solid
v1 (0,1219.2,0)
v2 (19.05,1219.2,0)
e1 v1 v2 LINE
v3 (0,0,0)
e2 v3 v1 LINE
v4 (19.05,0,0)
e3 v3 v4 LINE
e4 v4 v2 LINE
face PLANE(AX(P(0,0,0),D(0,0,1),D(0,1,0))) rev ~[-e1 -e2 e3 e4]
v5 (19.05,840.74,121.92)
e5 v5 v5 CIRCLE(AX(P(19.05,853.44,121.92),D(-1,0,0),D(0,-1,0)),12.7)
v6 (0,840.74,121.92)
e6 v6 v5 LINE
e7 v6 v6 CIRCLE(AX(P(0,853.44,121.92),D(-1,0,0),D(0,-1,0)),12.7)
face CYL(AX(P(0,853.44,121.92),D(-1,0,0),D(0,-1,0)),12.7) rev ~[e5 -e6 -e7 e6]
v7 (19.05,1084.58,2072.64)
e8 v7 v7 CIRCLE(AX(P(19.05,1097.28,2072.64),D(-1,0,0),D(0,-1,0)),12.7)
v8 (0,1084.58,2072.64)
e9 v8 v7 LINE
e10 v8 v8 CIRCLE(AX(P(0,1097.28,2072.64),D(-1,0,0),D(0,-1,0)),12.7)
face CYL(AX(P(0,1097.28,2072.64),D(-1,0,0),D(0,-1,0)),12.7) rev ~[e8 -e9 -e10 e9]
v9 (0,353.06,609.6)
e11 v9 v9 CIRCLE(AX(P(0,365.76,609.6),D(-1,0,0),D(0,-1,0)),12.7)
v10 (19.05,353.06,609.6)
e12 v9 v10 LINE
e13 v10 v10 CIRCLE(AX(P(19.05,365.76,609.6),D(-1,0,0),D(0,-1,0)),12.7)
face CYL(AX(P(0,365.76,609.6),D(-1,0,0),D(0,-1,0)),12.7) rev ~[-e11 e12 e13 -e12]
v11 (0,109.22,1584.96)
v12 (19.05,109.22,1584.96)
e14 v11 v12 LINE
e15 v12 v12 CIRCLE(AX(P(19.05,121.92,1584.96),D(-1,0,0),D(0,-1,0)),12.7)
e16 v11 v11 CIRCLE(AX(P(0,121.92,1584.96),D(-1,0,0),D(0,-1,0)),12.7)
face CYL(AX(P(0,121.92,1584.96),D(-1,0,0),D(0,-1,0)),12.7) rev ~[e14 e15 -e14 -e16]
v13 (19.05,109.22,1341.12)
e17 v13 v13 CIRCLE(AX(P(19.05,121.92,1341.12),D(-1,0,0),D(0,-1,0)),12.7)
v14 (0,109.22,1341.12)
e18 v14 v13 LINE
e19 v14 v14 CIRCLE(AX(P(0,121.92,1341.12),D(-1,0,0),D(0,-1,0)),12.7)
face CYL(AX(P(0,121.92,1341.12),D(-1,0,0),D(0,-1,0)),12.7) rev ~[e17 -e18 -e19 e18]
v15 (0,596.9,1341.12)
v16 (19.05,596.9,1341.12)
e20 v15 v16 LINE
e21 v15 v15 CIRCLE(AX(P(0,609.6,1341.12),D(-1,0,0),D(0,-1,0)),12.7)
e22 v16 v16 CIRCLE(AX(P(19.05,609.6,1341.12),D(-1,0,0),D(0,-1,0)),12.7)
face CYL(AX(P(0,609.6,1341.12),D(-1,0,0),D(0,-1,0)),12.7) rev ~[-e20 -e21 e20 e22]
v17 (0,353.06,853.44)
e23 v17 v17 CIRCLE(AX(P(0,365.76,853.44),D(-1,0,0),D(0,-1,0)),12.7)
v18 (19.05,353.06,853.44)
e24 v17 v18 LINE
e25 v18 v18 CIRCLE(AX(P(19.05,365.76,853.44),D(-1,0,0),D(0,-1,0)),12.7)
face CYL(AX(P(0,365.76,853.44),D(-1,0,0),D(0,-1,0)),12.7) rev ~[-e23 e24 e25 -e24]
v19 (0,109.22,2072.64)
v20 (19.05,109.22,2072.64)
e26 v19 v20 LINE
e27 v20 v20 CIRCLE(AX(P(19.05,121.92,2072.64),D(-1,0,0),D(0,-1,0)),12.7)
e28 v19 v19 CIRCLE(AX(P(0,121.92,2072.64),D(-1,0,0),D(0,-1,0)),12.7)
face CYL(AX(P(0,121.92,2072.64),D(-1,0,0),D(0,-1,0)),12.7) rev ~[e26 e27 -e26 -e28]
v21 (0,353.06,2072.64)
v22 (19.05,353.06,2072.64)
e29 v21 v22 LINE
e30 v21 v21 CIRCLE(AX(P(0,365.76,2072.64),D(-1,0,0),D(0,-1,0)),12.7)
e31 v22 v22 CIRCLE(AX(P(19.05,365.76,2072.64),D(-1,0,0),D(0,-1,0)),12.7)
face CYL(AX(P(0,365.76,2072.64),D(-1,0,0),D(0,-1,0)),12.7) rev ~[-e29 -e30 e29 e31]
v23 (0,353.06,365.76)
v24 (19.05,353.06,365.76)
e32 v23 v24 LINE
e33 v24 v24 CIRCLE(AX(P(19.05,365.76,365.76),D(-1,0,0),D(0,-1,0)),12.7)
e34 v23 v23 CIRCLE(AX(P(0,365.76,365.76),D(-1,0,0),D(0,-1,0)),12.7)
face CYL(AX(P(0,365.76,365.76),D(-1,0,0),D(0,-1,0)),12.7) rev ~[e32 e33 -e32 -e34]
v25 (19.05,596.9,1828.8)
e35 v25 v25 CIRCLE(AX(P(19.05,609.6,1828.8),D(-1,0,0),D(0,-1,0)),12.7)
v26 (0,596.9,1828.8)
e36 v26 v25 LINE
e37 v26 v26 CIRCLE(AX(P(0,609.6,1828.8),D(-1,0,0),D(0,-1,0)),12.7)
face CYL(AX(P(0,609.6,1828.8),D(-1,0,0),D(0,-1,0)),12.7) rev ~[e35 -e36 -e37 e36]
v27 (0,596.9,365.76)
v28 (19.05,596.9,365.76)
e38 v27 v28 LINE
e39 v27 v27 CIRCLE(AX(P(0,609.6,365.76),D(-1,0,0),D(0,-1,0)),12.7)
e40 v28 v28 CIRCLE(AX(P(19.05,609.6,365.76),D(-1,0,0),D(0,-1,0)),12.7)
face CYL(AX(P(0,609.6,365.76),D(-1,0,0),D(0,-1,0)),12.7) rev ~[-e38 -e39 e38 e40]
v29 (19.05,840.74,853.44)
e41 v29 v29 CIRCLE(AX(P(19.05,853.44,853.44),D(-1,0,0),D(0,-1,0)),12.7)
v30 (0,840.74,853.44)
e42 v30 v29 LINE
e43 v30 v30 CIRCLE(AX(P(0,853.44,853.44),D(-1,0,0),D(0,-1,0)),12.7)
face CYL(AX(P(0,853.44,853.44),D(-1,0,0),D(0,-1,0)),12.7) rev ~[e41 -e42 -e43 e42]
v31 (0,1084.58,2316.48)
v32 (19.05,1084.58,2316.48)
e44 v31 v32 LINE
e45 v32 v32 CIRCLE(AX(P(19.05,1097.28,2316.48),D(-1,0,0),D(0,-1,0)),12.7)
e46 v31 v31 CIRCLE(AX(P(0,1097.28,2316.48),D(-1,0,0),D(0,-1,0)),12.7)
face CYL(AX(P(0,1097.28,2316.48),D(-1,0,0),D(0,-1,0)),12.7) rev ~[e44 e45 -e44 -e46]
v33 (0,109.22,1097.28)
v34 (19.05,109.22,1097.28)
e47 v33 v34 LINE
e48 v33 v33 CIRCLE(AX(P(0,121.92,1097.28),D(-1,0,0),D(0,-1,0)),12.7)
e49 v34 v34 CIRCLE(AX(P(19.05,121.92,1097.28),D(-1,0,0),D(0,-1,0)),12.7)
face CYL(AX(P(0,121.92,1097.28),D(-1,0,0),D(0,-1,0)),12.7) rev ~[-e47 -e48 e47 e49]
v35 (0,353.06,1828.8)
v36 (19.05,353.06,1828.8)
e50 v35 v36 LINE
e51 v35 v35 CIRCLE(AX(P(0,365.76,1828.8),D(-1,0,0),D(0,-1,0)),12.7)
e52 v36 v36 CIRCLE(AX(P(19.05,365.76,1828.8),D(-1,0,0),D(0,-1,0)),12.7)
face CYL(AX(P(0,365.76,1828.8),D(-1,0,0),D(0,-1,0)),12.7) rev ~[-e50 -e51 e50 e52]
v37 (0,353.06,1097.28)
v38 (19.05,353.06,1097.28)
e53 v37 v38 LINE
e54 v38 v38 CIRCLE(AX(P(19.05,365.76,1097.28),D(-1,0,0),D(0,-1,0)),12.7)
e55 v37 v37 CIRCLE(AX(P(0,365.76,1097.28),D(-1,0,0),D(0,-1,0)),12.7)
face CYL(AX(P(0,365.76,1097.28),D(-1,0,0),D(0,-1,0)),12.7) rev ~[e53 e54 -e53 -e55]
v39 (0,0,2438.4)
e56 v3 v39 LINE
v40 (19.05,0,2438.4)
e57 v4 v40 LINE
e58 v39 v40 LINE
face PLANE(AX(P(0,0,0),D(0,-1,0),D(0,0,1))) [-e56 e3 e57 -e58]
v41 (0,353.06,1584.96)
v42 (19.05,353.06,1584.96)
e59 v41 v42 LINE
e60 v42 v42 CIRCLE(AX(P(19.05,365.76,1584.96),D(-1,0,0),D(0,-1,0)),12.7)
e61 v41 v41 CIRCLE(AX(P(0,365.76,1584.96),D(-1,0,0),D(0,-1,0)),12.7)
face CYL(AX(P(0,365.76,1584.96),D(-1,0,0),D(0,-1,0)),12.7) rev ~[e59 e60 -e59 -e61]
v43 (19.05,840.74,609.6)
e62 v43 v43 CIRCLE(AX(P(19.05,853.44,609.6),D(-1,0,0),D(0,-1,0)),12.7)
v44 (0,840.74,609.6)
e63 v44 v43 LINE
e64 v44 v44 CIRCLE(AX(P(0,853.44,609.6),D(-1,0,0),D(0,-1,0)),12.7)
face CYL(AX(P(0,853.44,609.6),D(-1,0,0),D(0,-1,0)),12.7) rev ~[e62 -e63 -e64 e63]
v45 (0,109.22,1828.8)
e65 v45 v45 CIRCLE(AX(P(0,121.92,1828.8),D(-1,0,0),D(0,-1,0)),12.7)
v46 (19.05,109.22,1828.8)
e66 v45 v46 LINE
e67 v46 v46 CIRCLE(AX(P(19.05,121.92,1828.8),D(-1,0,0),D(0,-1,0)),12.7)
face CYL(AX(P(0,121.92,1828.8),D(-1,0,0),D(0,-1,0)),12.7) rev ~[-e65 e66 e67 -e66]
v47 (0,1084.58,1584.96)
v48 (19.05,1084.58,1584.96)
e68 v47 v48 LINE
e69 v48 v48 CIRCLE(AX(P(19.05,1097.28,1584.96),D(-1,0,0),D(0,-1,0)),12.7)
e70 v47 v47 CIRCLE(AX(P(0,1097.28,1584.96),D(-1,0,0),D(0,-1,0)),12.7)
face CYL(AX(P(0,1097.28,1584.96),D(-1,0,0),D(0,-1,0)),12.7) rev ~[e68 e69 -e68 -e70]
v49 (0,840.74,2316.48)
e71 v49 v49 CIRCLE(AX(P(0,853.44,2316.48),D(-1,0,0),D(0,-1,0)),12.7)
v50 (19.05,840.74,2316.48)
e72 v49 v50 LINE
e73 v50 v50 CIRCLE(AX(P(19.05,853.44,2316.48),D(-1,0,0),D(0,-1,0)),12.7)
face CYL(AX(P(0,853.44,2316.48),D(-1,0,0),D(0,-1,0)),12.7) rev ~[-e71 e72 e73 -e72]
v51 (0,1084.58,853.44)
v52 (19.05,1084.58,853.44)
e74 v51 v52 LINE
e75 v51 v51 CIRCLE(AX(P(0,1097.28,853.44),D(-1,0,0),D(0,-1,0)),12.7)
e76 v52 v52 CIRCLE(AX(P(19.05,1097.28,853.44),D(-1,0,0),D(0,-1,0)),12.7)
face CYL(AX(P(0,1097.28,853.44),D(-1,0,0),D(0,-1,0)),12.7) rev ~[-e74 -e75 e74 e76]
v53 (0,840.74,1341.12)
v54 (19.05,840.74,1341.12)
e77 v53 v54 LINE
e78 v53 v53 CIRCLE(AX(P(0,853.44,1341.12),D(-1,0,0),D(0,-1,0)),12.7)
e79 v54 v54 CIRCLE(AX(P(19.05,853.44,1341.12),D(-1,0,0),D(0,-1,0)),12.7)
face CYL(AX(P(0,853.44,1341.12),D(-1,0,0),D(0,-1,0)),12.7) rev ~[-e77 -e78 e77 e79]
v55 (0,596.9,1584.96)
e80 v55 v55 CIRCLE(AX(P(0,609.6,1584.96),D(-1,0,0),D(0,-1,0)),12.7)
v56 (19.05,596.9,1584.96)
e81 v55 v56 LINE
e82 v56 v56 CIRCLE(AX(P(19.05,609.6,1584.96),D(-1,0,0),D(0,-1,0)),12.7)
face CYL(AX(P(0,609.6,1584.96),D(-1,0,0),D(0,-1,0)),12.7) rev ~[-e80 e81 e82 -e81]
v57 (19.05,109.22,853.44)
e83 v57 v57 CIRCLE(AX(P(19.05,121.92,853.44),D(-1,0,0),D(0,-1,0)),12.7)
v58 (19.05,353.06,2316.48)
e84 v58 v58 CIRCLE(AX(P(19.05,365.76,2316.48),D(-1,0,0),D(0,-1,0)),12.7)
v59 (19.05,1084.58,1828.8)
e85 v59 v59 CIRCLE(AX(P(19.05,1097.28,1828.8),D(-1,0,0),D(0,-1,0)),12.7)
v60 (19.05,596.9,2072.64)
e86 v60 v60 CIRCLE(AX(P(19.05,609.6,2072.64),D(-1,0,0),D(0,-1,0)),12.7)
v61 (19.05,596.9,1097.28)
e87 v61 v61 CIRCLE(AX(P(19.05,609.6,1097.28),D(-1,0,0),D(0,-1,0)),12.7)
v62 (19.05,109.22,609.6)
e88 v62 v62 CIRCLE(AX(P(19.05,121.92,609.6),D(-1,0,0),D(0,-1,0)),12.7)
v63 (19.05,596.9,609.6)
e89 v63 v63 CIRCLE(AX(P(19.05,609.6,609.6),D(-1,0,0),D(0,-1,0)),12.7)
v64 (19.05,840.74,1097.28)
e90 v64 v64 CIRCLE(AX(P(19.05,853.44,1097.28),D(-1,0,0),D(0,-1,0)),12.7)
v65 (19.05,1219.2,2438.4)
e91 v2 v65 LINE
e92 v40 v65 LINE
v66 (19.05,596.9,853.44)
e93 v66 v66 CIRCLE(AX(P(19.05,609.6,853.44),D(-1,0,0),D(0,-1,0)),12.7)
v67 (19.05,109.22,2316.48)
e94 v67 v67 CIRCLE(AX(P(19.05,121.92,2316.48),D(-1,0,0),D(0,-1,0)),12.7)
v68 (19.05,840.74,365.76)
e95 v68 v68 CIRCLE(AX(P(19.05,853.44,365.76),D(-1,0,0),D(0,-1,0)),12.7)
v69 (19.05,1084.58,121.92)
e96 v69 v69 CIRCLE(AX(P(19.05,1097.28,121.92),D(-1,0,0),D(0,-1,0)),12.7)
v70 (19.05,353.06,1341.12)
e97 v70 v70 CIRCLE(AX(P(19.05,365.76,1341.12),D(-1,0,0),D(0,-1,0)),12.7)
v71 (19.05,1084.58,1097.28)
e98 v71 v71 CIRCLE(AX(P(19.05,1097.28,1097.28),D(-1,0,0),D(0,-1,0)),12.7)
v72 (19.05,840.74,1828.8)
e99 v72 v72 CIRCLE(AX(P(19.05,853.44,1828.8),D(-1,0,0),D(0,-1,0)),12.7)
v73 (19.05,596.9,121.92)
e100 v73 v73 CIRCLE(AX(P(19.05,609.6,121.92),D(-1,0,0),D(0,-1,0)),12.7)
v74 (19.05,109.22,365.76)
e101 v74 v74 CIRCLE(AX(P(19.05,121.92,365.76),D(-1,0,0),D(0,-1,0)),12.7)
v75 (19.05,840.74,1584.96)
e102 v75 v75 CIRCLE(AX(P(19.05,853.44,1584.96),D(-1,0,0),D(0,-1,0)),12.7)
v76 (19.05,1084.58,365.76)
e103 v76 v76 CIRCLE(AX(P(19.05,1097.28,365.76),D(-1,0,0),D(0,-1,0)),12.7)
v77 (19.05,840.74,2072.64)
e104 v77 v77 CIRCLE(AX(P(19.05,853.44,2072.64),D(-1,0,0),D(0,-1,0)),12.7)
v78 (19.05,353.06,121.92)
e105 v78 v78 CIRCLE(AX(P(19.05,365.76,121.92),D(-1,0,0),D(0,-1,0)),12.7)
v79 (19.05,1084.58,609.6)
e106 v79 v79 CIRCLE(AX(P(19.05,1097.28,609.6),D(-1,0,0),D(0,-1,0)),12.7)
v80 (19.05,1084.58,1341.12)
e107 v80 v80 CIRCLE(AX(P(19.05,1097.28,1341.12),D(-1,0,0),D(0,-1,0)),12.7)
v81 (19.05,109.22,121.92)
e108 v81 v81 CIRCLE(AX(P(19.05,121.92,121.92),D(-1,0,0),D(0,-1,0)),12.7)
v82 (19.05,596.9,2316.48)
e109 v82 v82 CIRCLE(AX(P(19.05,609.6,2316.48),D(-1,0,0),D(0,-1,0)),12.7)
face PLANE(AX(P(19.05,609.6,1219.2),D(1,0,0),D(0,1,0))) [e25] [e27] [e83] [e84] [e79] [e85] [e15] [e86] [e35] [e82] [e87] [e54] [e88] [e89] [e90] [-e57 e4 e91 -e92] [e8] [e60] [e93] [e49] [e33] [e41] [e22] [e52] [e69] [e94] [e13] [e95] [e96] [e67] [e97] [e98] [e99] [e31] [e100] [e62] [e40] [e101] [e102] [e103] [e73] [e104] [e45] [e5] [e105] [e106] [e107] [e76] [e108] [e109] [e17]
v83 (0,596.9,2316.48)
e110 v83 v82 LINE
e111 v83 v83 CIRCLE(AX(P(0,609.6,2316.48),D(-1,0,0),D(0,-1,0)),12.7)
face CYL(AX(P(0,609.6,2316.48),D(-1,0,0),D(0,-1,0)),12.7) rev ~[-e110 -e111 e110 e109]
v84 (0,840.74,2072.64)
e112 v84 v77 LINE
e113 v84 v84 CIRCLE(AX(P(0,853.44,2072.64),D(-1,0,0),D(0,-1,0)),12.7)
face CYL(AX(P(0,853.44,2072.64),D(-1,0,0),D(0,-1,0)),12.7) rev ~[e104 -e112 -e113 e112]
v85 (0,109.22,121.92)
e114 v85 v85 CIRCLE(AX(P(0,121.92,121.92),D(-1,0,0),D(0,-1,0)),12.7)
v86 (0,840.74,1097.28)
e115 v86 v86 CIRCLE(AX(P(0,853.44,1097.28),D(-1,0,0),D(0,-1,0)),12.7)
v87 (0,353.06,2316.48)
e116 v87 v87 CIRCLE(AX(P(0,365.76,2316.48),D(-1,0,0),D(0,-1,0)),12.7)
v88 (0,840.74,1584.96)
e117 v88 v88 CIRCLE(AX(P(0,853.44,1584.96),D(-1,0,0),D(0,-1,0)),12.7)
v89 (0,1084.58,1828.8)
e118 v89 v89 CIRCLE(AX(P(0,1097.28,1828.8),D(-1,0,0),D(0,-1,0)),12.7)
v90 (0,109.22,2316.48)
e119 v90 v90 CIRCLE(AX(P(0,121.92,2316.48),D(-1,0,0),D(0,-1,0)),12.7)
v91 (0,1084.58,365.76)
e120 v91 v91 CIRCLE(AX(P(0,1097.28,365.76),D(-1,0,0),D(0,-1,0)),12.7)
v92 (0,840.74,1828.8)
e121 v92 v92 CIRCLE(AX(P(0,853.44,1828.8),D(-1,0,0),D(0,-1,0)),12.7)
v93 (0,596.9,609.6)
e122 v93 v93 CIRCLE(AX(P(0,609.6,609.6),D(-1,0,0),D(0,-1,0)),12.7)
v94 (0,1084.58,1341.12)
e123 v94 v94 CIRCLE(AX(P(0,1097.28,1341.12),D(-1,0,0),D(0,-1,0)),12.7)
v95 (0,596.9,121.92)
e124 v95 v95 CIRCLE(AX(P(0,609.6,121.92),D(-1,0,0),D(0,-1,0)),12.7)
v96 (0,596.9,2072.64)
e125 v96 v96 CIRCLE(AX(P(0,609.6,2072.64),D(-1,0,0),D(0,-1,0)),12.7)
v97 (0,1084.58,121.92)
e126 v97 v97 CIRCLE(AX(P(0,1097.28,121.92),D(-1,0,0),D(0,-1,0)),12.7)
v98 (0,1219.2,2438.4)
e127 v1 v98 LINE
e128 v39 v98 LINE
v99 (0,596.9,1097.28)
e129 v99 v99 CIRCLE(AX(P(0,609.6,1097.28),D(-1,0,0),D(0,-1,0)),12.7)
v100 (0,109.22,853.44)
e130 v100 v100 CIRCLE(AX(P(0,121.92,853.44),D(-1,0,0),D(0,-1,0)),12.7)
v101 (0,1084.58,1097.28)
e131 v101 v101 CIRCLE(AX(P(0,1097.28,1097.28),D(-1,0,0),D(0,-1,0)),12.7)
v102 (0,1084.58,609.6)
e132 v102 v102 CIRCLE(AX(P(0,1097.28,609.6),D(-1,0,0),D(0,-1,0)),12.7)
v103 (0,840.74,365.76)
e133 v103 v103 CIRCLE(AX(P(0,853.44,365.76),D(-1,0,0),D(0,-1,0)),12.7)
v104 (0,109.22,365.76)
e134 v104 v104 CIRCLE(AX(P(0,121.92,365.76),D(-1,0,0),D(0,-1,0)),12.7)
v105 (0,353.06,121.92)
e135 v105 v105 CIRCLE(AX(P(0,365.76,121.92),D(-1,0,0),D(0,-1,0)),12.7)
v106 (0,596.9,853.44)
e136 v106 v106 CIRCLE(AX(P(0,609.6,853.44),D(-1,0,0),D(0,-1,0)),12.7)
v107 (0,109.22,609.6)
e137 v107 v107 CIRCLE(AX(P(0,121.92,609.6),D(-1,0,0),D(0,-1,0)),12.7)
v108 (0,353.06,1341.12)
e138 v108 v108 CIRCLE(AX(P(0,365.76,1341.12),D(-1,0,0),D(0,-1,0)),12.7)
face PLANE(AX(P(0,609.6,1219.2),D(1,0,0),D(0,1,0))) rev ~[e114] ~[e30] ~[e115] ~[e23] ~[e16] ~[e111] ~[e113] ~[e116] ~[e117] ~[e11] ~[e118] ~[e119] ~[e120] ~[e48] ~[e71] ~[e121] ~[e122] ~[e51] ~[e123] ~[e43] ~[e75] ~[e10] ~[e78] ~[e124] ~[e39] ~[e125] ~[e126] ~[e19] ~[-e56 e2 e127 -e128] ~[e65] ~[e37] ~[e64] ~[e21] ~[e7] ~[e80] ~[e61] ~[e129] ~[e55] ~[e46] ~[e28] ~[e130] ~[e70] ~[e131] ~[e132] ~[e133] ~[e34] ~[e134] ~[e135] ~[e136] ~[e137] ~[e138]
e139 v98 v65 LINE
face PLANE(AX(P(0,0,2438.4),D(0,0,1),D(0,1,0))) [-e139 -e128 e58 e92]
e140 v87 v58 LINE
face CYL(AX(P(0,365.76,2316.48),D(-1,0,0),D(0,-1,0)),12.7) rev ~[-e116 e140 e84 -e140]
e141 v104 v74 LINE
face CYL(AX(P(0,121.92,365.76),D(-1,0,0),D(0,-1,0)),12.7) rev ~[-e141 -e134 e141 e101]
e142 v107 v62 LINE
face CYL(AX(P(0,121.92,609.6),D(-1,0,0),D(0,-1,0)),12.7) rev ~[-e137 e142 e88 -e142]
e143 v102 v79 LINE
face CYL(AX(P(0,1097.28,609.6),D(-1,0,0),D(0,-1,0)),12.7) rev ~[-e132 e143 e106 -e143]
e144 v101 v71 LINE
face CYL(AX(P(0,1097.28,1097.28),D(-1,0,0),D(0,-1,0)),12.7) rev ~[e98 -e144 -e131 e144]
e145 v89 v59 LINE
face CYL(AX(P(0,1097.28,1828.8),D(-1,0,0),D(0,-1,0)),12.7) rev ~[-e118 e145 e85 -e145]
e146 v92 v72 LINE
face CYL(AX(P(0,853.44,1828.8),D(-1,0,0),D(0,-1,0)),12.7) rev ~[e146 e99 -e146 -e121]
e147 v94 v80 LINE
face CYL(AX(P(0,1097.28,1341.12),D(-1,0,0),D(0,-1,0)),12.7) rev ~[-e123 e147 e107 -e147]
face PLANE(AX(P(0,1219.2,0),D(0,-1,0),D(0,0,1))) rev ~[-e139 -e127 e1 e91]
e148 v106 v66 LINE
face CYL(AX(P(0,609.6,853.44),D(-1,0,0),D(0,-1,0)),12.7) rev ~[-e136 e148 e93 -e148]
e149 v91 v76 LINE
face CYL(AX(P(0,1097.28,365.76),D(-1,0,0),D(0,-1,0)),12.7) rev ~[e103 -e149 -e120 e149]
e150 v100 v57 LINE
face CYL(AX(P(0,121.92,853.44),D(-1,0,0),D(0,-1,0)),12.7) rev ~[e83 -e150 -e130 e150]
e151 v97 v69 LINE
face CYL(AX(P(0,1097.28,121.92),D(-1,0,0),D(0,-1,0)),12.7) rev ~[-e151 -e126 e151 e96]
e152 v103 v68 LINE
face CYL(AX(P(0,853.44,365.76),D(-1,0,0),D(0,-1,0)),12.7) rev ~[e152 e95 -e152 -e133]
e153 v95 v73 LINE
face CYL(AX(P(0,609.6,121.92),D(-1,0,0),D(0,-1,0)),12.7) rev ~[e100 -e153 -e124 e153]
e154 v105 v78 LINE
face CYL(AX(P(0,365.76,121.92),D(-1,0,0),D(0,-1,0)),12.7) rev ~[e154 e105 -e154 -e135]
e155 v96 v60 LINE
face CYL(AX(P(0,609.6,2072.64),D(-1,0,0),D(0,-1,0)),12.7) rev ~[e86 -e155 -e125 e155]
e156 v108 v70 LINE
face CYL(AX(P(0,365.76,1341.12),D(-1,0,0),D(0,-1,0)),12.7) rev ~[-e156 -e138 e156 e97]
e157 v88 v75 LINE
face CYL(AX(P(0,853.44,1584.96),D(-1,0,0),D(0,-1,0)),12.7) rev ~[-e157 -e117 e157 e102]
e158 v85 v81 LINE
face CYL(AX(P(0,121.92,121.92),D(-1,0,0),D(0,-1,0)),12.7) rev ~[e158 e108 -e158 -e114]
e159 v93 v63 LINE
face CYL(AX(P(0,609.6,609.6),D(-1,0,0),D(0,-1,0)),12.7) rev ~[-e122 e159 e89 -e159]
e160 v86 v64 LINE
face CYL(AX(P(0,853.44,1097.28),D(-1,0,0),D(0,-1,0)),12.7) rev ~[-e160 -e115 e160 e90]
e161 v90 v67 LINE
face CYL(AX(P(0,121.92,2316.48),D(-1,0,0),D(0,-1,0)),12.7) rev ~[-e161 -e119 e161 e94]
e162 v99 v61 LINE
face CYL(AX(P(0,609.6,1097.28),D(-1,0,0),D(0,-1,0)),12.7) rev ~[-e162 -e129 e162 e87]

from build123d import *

# Parameters (mm, degrees)
F0_W          = 1219.2
F0_H          = 2438.4
F1_DEPTH      = 19.05
F2_R          = 12.7
F3_DEPTH      = 381
F3_DEPTH_BACK = 25.4


with BuildPart() as f1:
    # F0 (on Right) → F1 (new body)
    with BuildSketch(Plane.YZ):
        with Locations((609.6, 1219.2)):
            Rectangle(F0_W, F0_H)
    extrude(amount=F1_DEPTH)

    # F2 (on face) → F3 (cut, two sides)
    with BuildSketch(Plane(origin=(0, 0, 0), x_dir=(0, -1, 0), z_dir=(-1, 0, 0))) as f3_sk:
        with Locations((-1097.28, 2316.48)):
            Circle(F2_R)
        with Locations((-1097.28, 2072.64)):
            Circle(F2_R)
        with Locations((-1097.28, 1828.8)):
            Circle(F2_R)
        with Locations((-1097.28, 1584.96)):
            Circle(F2_R)
        with Locations((-1097.28, 1341.12)):
            Circle(F2_R)
        with Locations((-1097.28, 1097.28)):
            Circle(F2_R)
        with Locations((-1097.28, 853.44)):
            Circle(F2_R)
        with Locations((-853.44, 2316.48)):
            Circle(F2_R)
        with Locations((-853.44, 2072.64)):
            Circle(F2_R)
        with Locations((-853.44, 1828.8)):
            Circle(F2_R)
        with Locations((-853.44, 1584.96)):
            Circle(F2_R)
        with Locations((-853.44, 1341.12)):
            Circle(F2_R)
        with Locations((-853.44, 1097.28)):
            Circle(F2_R)
        with Locations((-853.44, 853.44)):
            Circle(F2_R)
        with Locations((-609.6, 2316.48)):
            Circle(F2_R)
        with Locations((-609.6, 2072.64)):
            Circle(F2_R)
        with Locations((-609.6, 1828.8)):
            Circle(F2_R)
        with Locations((-609.6, 1584.96)):
            Circle(F2_R)
        with Locations((-609.6, 1341.12)):
            Circle(F2_R)
        with Locations((-609.6, 1097.28)):
            Circle(F2_R)
        with Locations((-609.6, 853.44)):
            Circle(F2_R)
        with Locations((-365.76, 2316.48)):
            Circle(F2_R)
        with Locations((-365.76, 2072.64)):
            Circle(F2_R)
        with Locations((-365.76, 1828.8)):
            Circle(F2_R)
        with Locations((-365.76, 1584.96)):
            Circle(F2_R)
        with Locations((-365.76, 1341.12)):
            Circle(F2_R)
        with Locations((-365.76, 1097.28)):
            Circle(F2_R)
        with Locations((-365.76, 853.44)):
            Circle(F2_R)
        with Locations((-1097.28, 609.6)):
            Circle(F2_R)
        with Locations((-853.44, 609.6)):
            Circle(F2_R)
        with Locations((-609.6, 609.6)):
            Circle(F2_R)
        with Locations((-365.76, 609.6)):
            Circle(F2_R)
        with Locations((-121.92, 2316.48)):
            Circle(F2_R)
        with Locations((-121.92, 2072.64)):
            Circle(F2_R)
        with Locations((-121.92, 1828.8)):
            Circle(F2_R)
        with Locations((-121.92, 1584.96)):
            Circle(F2_R)
        with Locations((-121.92, 1341.12)):
            Circle(F2_R)
        with Locations((-121.92, 1097.28)):
            Circle(F2_R)
        with Locations((-121.92, 853.44)):
            Circle(F2_R)
        with Locations((-121.92, 609.6)):
            Circle(F2_R)
        with Locations((-1097.28, 365.76)):
            Circle(F2_R)
        with Locations((-1097.28, 121.92)):
            Circle(F2_R)
        with Locations((-853.44, 365.76)):
            Circle(F2_R)
        with Locations((-853.44, 121.92)):
            Circle(F2_R)
        with Locations((-609.6, 365.76)):
            Circle(F2_R)
        with Locations((-609.6, 121.92)):
            Circle(F2_R)
        with Locations((-365.76, 365.76)):
            Circle(F2_R)
        with Locations((-365.76, 121.92)):
            Circle(F2_R)
        with Locations((-121.92, 365.76)):
            Circle(F2_R)
        with Locations((-121.92, 121.92)):
            Circle(F2_R)
    extrude(amount=F3_DEPTH, mode=Mode.SUBTRACT)
    extrude(f3_sk.sketch, amount=-F3_DEPTH_BACK, mode=Mode.SUBTRACT)


solid = f1.part
